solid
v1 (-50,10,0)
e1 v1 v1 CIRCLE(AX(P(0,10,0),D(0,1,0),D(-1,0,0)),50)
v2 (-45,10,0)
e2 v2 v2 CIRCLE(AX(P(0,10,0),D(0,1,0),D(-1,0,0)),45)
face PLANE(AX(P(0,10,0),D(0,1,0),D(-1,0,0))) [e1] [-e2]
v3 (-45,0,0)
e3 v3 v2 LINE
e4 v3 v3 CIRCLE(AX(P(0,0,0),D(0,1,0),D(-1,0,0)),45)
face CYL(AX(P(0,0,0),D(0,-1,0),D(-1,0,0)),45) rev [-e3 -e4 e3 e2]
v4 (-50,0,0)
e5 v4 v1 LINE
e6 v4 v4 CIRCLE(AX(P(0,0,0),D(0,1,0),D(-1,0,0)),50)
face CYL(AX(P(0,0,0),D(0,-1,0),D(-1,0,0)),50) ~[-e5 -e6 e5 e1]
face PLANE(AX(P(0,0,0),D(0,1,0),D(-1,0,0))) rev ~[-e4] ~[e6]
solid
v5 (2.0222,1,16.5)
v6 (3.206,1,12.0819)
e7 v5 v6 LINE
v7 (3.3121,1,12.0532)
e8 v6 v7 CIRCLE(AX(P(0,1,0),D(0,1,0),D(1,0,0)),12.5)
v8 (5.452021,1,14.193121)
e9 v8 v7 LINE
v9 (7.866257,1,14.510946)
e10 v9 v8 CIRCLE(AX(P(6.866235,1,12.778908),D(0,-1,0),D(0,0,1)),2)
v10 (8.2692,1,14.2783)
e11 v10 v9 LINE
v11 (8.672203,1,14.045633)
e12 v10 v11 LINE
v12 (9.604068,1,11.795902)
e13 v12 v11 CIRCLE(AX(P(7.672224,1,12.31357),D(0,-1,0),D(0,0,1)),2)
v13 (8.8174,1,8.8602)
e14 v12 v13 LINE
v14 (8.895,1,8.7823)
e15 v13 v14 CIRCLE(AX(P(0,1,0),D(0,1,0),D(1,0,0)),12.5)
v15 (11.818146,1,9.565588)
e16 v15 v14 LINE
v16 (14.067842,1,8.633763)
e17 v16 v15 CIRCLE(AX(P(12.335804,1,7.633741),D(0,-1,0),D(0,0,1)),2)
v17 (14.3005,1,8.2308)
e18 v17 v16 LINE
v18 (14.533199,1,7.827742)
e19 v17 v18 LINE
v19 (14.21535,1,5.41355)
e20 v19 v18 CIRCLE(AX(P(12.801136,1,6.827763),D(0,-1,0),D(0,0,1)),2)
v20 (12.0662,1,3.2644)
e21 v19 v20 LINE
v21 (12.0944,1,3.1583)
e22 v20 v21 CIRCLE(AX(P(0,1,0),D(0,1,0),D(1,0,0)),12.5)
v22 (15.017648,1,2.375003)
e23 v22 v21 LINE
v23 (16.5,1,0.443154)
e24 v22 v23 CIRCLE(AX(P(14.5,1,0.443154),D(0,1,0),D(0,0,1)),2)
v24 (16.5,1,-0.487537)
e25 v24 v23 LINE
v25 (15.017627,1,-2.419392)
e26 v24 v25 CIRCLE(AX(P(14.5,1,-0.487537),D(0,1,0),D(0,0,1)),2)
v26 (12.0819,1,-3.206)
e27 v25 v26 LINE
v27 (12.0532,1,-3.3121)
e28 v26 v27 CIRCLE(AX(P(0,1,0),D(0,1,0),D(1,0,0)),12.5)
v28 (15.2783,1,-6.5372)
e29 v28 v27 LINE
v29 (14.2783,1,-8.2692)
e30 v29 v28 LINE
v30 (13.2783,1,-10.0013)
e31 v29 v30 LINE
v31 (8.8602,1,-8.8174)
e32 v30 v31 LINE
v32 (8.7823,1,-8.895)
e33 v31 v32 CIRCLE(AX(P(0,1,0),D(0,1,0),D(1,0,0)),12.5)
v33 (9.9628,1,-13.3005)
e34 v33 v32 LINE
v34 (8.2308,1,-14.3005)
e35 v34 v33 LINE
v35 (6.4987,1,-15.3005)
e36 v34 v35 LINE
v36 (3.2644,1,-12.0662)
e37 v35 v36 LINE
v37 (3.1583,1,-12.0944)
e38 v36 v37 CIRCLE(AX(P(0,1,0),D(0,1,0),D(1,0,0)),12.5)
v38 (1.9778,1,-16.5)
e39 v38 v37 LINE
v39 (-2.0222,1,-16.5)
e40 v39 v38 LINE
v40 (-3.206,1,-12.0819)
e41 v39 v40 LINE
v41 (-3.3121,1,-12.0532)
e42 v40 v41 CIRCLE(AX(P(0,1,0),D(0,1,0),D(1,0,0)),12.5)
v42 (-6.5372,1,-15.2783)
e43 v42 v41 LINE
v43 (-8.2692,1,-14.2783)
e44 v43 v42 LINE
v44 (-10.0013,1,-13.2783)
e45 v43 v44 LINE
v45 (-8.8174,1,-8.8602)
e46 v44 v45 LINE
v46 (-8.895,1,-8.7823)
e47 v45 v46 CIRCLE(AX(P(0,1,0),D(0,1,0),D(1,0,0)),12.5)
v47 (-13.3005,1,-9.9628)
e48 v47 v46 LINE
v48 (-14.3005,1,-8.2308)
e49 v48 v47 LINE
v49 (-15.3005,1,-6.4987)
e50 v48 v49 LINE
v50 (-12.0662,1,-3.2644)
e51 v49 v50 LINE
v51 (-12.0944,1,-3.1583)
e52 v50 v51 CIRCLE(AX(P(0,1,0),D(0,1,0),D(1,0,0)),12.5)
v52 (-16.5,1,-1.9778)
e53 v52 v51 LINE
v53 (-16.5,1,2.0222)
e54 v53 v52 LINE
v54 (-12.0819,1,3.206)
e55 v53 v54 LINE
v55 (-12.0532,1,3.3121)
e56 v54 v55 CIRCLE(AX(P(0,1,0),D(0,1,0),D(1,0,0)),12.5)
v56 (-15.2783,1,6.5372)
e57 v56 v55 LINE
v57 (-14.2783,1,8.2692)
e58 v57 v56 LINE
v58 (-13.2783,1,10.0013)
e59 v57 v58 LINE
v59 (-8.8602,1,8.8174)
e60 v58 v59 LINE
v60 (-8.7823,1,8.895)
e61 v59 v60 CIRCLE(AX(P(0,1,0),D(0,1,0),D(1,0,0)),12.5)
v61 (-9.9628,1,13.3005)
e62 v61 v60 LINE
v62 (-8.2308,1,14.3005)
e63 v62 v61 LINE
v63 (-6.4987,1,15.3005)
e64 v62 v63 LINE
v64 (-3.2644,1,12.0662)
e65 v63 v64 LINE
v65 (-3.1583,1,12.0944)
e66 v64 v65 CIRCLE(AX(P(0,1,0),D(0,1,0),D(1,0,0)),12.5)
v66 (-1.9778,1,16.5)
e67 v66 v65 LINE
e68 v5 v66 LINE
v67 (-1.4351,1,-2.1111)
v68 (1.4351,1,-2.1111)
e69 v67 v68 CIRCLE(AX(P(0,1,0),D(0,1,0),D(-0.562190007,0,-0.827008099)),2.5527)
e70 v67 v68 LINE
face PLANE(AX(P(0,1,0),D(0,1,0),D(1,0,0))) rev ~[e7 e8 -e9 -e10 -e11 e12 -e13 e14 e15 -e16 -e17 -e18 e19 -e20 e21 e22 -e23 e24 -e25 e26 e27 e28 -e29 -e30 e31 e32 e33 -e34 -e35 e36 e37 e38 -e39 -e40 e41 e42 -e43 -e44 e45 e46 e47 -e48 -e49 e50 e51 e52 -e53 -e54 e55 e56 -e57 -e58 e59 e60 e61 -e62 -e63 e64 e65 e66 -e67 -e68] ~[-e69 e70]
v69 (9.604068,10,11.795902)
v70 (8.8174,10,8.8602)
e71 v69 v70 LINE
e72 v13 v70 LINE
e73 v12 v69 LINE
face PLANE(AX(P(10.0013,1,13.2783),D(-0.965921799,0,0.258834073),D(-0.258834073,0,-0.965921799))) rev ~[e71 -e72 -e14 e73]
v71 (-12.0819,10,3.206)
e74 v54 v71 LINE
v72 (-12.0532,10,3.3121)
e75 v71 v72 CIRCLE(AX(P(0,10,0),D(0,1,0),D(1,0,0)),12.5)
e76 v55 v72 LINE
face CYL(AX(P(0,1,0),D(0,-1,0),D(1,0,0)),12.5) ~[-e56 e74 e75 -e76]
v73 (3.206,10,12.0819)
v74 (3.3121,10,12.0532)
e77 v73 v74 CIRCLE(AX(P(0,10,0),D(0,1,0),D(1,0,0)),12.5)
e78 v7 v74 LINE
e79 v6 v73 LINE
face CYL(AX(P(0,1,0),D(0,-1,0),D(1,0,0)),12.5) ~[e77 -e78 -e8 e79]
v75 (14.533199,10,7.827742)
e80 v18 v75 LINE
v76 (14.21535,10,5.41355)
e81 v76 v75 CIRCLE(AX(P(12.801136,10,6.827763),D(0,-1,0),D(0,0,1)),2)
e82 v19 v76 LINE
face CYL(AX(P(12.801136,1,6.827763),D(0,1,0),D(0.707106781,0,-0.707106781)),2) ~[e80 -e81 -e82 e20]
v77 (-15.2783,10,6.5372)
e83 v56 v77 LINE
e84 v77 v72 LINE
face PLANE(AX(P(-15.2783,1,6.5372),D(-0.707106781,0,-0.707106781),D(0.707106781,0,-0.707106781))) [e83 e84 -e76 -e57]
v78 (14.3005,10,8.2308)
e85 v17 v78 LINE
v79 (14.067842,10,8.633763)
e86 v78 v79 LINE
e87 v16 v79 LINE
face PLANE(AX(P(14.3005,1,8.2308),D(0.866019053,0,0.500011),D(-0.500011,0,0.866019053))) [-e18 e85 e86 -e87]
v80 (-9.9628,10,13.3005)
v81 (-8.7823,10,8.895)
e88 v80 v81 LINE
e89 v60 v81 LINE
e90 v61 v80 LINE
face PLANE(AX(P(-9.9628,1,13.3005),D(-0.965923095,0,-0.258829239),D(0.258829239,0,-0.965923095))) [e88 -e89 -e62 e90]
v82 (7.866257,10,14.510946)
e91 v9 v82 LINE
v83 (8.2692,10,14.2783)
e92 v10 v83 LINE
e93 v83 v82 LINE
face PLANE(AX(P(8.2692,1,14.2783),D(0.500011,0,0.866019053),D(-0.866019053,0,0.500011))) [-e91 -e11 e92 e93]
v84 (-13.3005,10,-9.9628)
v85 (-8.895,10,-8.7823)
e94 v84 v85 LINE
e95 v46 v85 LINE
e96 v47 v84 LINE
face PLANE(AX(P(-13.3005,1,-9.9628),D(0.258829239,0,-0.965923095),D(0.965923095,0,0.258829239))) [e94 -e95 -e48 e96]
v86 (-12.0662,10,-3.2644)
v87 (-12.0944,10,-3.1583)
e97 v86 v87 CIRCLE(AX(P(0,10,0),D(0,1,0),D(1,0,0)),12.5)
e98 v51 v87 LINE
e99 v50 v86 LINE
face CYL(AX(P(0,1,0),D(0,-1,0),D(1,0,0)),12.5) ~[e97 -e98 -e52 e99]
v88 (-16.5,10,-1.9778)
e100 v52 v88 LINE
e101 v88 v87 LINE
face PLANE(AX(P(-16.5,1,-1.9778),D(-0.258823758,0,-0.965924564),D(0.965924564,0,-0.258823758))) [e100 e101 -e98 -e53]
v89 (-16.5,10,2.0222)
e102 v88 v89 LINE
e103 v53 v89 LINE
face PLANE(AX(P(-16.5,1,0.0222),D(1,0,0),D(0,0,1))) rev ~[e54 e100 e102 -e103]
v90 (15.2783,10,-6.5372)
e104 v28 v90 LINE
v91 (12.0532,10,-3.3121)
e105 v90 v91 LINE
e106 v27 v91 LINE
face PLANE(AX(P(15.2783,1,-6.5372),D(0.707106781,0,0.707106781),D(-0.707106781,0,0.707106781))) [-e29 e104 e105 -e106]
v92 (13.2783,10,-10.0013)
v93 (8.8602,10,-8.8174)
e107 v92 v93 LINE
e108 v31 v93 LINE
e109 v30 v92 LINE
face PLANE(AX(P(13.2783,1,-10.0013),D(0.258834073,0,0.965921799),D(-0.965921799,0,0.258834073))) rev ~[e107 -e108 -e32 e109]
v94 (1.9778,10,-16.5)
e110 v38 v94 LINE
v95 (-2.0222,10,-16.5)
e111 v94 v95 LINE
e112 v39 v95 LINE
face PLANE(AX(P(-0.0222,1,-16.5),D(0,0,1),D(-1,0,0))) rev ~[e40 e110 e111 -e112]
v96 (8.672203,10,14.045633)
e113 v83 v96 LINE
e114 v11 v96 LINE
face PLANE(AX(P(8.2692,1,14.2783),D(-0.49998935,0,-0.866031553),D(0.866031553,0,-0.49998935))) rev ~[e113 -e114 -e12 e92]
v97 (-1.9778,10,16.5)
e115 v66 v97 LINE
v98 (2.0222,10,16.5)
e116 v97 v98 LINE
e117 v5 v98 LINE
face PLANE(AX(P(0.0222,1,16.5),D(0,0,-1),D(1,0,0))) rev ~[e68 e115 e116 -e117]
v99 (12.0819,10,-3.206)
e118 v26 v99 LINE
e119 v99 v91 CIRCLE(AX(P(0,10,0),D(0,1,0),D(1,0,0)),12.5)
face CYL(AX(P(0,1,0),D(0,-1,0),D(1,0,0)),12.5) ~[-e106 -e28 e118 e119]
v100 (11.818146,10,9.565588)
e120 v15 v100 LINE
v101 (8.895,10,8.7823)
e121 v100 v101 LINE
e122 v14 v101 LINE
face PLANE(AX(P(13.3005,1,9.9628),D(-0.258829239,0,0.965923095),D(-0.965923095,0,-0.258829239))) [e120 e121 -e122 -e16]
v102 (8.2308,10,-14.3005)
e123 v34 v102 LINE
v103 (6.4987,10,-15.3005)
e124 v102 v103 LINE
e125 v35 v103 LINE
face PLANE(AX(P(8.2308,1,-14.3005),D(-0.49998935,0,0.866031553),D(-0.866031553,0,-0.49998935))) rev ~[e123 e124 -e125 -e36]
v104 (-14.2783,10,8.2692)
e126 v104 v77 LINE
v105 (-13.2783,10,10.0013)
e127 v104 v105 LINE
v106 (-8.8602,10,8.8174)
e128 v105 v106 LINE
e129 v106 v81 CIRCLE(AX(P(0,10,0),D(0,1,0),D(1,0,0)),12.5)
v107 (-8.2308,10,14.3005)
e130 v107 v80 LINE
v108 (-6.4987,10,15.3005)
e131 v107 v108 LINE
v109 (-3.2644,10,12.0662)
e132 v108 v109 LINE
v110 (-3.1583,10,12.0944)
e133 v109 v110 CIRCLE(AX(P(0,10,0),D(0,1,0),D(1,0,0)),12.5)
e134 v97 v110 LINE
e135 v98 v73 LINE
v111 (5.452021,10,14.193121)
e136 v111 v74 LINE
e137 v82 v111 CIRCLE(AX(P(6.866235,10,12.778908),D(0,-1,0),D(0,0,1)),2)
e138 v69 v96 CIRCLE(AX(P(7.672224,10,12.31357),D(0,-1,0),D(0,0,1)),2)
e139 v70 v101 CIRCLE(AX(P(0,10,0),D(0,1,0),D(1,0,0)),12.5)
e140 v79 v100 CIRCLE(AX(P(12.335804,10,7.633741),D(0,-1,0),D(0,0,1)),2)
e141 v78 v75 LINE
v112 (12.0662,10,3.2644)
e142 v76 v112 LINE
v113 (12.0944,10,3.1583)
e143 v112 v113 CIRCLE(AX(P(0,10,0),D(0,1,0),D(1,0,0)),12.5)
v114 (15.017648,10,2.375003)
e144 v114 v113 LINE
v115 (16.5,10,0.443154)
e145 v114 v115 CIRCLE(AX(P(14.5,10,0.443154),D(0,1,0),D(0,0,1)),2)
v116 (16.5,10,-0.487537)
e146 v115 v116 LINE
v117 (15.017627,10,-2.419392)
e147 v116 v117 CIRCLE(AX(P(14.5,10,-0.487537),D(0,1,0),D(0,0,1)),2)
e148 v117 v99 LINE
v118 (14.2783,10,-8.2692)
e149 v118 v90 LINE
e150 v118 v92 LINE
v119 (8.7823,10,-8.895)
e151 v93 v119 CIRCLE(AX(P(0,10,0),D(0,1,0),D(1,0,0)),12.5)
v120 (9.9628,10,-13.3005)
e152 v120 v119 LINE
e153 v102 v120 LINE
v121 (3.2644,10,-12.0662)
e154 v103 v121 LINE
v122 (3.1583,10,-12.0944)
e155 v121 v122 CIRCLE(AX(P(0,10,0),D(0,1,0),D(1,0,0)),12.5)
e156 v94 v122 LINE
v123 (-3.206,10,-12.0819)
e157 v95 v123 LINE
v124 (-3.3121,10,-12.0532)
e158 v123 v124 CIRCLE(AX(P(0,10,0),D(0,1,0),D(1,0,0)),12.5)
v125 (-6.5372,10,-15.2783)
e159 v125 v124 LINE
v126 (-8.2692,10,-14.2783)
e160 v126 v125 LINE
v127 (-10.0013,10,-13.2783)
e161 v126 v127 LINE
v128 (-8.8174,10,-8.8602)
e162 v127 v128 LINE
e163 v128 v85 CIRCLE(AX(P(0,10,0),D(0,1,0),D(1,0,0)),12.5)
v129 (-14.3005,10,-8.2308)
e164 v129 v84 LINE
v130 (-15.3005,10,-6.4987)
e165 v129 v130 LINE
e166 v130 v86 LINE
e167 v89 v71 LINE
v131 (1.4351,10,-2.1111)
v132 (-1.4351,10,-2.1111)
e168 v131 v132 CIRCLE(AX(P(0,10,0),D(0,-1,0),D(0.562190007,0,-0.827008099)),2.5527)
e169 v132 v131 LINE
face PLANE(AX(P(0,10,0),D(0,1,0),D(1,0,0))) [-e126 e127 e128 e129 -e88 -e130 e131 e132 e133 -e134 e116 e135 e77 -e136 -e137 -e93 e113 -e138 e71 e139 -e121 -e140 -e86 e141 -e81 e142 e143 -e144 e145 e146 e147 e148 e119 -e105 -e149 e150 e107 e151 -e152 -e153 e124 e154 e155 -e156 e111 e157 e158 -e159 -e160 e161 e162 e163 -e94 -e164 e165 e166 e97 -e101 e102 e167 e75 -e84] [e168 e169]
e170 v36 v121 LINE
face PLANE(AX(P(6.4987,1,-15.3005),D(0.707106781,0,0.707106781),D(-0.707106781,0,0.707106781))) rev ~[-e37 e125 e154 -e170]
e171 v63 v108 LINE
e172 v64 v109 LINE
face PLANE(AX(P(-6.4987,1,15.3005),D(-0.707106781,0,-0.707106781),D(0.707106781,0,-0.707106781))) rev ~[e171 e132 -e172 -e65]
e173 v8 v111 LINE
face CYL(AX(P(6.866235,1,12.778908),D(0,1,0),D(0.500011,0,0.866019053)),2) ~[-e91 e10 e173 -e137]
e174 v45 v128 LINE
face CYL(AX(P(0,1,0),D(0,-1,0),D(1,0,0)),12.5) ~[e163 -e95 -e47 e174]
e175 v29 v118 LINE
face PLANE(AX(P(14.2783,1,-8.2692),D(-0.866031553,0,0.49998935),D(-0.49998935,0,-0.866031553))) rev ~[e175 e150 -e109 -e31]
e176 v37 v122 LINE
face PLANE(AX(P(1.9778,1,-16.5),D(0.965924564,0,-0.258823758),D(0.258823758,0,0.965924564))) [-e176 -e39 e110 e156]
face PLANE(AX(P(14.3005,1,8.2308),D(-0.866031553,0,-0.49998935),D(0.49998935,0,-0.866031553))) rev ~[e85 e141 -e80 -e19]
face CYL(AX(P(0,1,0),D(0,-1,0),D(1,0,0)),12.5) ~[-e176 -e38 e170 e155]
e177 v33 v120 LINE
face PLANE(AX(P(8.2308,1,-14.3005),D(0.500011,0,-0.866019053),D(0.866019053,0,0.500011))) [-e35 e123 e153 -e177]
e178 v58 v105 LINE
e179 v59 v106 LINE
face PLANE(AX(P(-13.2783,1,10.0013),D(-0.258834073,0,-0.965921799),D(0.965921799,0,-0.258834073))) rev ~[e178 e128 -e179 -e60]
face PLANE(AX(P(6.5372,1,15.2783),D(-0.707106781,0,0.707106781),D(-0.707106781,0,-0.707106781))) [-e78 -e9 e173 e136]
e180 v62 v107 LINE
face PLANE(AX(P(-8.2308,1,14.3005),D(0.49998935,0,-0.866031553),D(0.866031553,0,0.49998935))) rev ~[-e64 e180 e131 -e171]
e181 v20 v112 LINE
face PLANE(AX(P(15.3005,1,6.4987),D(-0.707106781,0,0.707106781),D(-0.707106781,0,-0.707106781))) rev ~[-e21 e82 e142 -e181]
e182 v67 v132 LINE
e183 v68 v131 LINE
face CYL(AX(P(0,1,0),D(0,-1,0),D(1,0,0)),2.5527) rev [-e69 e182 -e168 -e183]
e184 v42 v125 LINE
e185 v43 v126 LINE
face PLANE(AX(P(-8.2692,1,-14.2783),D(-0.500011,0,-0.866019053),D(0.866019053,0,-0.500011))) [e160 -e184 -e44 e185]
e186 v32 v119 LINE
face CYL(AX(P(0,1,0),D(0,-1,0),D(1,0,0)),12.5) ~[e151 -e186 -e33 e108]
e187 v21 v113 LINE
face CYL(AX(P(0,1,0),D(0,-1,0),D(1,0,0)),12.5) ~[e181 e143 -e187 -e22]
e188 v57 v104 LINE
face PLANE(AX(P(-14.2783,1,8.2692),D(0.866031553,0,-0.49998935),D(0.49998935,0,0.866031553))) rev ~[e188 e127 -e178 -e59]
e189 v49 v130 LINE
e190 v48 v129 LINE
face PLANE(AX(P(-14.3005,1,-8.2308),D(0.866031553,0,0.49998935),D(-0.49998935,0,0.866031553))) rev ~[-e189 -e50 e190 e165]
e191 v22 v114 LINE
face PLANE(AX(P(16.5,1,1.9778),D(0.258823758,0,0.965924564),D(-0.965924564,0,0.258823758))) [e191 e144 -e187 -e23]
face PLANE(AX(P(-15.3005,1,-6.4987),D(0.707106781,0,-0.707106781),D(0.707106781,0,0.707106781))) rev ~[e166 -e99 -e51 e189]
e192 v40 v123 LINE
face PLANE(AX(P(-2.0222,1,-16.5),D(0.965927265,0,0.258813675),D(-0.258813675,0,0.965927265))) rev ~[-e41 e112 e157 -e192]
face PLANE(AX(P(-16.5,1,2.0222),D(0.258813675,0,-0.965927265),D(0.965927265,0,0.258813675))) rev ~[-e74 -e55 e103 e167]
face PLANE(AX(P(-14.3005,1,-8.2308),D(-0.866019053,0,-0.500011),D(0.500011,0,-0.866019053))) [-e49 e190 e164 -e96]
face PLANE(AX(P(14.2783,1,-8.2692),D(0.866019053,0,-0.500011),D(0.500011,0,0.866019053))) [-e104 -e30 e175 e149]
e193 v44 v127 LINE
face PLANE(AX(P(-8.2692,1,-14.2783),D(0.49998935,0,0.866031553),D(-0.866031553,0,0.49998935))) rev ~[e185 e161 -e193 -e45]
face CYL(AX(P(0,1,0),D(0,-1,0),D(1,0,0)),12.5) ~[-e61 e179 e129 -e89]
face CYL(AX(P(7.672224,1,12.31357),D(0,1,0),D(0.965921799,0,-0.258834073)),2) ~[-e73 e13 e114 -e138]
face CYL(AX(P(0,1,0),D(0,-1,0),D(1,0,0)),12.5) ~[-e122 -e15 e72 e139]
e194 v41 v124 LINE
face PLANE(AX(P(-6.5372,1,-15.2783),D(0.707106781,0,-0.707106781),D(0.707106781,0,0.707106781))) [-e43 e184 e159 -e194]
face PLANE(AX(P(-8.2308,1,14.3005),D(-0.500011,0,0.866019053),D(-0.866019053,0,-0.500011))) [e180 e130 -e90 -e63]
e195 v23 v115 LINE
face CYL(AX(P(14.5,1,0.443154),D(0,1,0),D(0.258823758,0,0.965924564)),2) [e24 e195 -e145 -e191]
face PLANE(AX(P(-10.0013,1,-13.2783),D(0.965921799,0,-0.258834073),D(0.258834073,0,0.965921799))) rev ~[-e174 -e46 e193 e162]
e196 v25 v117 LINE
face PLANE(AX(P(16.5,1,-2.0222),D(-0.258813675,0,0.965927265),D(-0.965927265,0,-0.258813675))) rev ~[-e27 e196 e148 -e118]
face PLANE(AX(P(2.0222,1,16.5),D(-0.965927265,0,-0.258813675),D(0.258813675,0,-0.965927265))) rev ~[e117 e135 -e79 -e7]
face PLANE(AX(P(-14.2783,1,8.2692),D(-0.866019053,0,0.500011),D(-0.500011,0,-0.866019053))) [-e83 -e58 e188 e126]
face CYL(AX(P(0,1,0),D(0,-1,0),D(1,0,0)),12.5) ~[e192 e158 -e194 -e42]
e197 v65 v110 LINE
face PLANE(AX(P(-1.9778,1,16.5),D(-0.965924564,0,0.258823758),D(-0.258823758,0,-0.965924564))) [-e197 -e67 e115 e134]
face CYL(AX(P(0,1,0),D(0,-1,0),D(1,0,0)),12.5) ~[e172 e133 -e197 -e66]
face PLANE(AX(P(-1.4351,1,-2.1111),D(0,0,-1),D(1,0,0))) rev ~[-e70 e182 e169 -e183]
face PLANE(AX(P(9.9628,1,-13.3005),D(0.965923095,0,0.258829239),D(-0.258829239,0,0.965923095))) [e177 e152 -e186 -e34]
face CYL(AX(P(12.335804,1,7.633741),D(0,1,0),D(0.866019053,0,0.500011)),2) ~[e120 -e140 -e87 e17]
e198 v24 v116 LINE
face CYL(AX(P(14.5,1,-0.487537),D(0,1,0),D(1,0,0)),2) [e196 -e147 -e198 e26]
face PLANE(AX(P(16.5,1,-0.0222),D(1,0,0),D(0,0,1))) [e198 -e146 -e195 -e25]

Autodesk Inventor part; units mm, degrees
ref_plane "YZ Plane" through (0, 0, 0) normal (1, 0, 0) x (0, 1, 0)
ref_plane "XZ Plane" through (0, 0, 0) normal (0, 1, 0) x (-1, 0, 0)
ref_plane "XY Plane" through (0, 0, 0) normal (0, 0, 1) x (1, 0, 0)
sketch "Sketch1" plane through (0, 0, 0) normal (0, 1, 0) x (-1, 0, 0)
  circle A0 centre (0, 0) radius 45
  circle A1 centre (0, 0) radius 50
  dimension "d0" = 90
  dimension "d1" = 100
extrude "Extrusion1" add sketch "Sketch1" along normal blind 10
ref_plane "Work Plane1" through (0, 1, 0) normal (0, 1, 0) x (1, 0, 0)
sketch "Sketch2" plane through (0, 1, 0) normal (0, 1, 0) x (1, 0, 0)
  circle A0 centre (0, 0) radius 12.5
  line L0 (-12.5, -0.0222) -> (-16.5, -0.0222)
  line L1 (-16.5, -0.0222) -> (-16.5, 1.9778)
  line L2 (-16.5, 1.9778) -> (-12.0944, 3.1583)
  line L3 (-16.5, -0.0222) -> (-16.5, -2.0222)
  line L4 (-16.5, -2.0222) -> (-12.0819, -3.206)
  arc A1 (-12.0944, 3.1583) -> (-12.0819, -3.206) centre (0, 0) ccw
  line L5 (-10.8142, -6.2692) -> (-14.2783, -8.2692)
  line L6 (-14.2783, -8.2692) -> (-15.2783, -6.5372)
  line L7 (-15.2783, -6.5372) -> (-12.0532, -3.3121)
  line L8 (-14.2783, -8.2692) -> (-13.2783, -10.0013)
  line L9 (-13.2783, -10.0013) -> (-8.8602, -8.8174)
  arc A2 (-12.0532, -3.3121) -> (-8.8602, -8.8174) centre (0, 0) ccw
  line L10 (-6.2308, -10.8364) -> (-8.2308, -14.3005)
  line L11 (-8.2308, -14.3005) -> (-9.9628, -13.3005)
  line L12 (-9.9628, -13.3005) -> (-8.7823, -8.895)
  line L13 (-8.2308, -14.3005) -> (-6.4987, -15.3005)
  line L14 (-6.4987, -15.3005) -> (-3.2644, -12.0662)
  arc A3 (-8.7823, -8.895) -> (-3.2644, -12.0662) centre (0, 0) ccw
  line L15 (0.0222, -12.5) -> (0.0222, -16.5)
  line L16 (0.0222, -16.5) -> (-1.9778, -16.5)
  line L17 (-1.9778, -16.5) -> (-3.1583, -12.0944)
  line L18 (0.0222, -16.5) -> (2.0222, -16.5)
  line L19 (2.0222, -16.5) -> (3.206, -12.0819)
  arc A4 (-3.1583, -12.0944) -> (3.206, -12.0819) centre (0, 0) ccw
  line L20 (6.2692, -10.8142) -> (8.2692, -14.2783)
  line L21 (8.2692, -14.2783) -> (6.5372, -15.2783)
  line L22 (6.5372, -15.2783) -> (3.3121, -12.0532)
  line L23 (8.2692, -14.2783) -> (10.0013, -13.2783)
  line L24 (10.0013, -13.2783) -> (8.8174, -8.8602)
  arc A5 (3.3121, -12.0532) -> (8.8174, -8.8602) centre (0, 0) ccw
  line L25 (10.8364, -6.2308) -> (14.3005, -8.2308)
  line L26 (14.3005, -8.2308) -> (13.3005, -9.9628)
  line L27 (13.3005, -9.9628) -> (8.895, -8.7823)
  line L28 (14.3005, -8.2308) -> (15.3005, -6.4987)
  line L29 (15.3005, -6.4987) -> (12.0662, -3.2644)
  arc A6 (8.895, -8.7823) -> (12.0662, -3.2644) centre (0, 0) ccw
  line L30 (12.5, 0.0222) -> (16.5, 0.0222)
  line L31 (16.5, 0.0222) -> (16.5, -1.9778)
  line L32 (16.5, -1.9778) -> (12.0944, -3.1583)
  line L33 (16.5, 0.0222) -> (16.5, 2.0222)
  line L34 (16.5, 2.0222) -> (12.0819, 3.206)
  arc A7 (12.0944, -3.1583) -> (12.0819, 3.206) centre (0, 0) ccw
  line L35 (10.8142, 6.2692) -> (14.2783, 8.2692)
  line L36 (14.2783, 8.2692) -> (15.2783, 6.5372)
  line L37 (15.2783, 6.5372) -> (12.0532, 3.3121)
  line L38 (14.2783, 8.2692) -> (13.2783, 10.0013)
  line L39 (13.2783, 10.0013) -> (8.8602, 8.8174)
  arc A8 (12.0532, 3.3121) -> (8.8602, 8.8174) centre (0, 0) ccw
  line L40 (6.2308, 10.8364) -> (8.2308, 14.3005)
  line L41 (8.2308, 14.3005) -> (9.9628, 13.3005)
  line L42 (9.9628, 13.3005) -> (8.7823, 8.895)
  line L43 (8.2308, 14.3005) -> (6.4987, 15.3005)
  line L44 (6.4987, 15.3005) -> (3.2644, 12.0662)
  arc A9 (8.7823, 8.895) -> (3.2644, 12.0662) centre (0, 0) ccw
  line L45 (-0.0222, 12.5) -> (-0.0222, 16.5)
  line L46 (-0.0222, 16.5) -> (1.9778, 16.5)
  line L47 (1.9778, 16.5) -> (3.1583, 12.0944)
  line L48 (-0.0222, 16.5) -> (-2.0222, 16.5)
  line L49 (-2.0222, 16.5) -> (-3.206, 12.0819)
  arc A10 (3.1583, 12.0944) -> (-3.206, 12.0819) centre (0, 0) ccw
  line L50 (-6.2692, 10.8142) -> (-8.2692, 14.2783)
  line L51 (-8.2692, 14.2783) -> (-6.5372, 15.2783)
  line L52 (-6.5372, 15.2783) -> (-3.3121, 12.0532)
  line L53 (-8.2692, 14.2783) -> (-10.0013, 13.2783)
  line L54 (-10.0013, 13.2783) -> (-8.8174, 8.8602)
  arc A11 (-3.3121, 12.0532) -> (-8.8174, 8.8602) centre (0, 0) ccw
  line L55 (-10.8364, 6.2308) -> (-14.3005, 8.2308)
  line L56 (-14.3005, 8.2308) -> (-13.3005, 9.9628)
  line L57 (-13.3005, 9.9628) -> (-8.895, 8.7823)
  line L58 (-14.3005, 8.2308) -> (-15.3005, 6.4987)
  line L59 (-15.3005, 6.4987) -> (-12.0662, 3.2644)
  arc A12 (-8.895, 8.7823) -> (-12.0662, 3.2644) centre (0, 0) ccw
  circle A13 centre (0, 0) radius 2.5527
  line L60 (-1.4351, 2.1111) -> (1.4351, 2.1111)
  dimension "d5" = 25
  dimension "d6" = 105
  dimension "d7" = 105
  dimension "d8" = 2
  dimension "d9" = 2
  dimension "d10" = 4
  dimension "d13" = 360
  dimension "d17" = 5.1054
  dimension "d18" = 2.8702
extrude "Extrusion2" add sketch "Sketch2" along normal blind 9 contours A0 | A0 L30 L31 L32 | A0 L34 L33 L30 | L29 L28 L25 A0 | A0 L35 L36 L37 | L25 L26 L27 A0 | A0 L39 L38 L35 | L24 L23 L20 A0 | A0 L40 L41 L42 | L20 L21 L22 A0 | A0 L44 L43 L40 | L19 L18 L15 A0 | A0 L45 L46 L47 | L15 L16 L17 A0 | A0 L49 L48 L45 | L14 L13 L10 A0 | A0 L50 L51 L52 | L10 L11 L12 A0 | A0 L54 L53 L50 | L9 L8 L5 A0 | A0 L55 L56 L57 | L5 L6 L7 A0 | A0 L59 L58 L55 | L4 L3 L0 A0 | A0 L0 L1 L2 | L60 A13 picked at (-0.1014, 2.2522)
fillet "Fillet3" radius 2 2 edges at (16.5, 5.5, 1.9778) (16.5, 5.5, -2.0222)
fillet "Fillet4" radius 2 4 edges at (13.3005, 5.5, 9.9628) (15.3005, 5.5, 6.4987) (10.0013, 5.5, 13.2783) (6.5372, 5.5, 15.2783)
equation "\"d8\" = d9"
properties part number "ringGEAR"
